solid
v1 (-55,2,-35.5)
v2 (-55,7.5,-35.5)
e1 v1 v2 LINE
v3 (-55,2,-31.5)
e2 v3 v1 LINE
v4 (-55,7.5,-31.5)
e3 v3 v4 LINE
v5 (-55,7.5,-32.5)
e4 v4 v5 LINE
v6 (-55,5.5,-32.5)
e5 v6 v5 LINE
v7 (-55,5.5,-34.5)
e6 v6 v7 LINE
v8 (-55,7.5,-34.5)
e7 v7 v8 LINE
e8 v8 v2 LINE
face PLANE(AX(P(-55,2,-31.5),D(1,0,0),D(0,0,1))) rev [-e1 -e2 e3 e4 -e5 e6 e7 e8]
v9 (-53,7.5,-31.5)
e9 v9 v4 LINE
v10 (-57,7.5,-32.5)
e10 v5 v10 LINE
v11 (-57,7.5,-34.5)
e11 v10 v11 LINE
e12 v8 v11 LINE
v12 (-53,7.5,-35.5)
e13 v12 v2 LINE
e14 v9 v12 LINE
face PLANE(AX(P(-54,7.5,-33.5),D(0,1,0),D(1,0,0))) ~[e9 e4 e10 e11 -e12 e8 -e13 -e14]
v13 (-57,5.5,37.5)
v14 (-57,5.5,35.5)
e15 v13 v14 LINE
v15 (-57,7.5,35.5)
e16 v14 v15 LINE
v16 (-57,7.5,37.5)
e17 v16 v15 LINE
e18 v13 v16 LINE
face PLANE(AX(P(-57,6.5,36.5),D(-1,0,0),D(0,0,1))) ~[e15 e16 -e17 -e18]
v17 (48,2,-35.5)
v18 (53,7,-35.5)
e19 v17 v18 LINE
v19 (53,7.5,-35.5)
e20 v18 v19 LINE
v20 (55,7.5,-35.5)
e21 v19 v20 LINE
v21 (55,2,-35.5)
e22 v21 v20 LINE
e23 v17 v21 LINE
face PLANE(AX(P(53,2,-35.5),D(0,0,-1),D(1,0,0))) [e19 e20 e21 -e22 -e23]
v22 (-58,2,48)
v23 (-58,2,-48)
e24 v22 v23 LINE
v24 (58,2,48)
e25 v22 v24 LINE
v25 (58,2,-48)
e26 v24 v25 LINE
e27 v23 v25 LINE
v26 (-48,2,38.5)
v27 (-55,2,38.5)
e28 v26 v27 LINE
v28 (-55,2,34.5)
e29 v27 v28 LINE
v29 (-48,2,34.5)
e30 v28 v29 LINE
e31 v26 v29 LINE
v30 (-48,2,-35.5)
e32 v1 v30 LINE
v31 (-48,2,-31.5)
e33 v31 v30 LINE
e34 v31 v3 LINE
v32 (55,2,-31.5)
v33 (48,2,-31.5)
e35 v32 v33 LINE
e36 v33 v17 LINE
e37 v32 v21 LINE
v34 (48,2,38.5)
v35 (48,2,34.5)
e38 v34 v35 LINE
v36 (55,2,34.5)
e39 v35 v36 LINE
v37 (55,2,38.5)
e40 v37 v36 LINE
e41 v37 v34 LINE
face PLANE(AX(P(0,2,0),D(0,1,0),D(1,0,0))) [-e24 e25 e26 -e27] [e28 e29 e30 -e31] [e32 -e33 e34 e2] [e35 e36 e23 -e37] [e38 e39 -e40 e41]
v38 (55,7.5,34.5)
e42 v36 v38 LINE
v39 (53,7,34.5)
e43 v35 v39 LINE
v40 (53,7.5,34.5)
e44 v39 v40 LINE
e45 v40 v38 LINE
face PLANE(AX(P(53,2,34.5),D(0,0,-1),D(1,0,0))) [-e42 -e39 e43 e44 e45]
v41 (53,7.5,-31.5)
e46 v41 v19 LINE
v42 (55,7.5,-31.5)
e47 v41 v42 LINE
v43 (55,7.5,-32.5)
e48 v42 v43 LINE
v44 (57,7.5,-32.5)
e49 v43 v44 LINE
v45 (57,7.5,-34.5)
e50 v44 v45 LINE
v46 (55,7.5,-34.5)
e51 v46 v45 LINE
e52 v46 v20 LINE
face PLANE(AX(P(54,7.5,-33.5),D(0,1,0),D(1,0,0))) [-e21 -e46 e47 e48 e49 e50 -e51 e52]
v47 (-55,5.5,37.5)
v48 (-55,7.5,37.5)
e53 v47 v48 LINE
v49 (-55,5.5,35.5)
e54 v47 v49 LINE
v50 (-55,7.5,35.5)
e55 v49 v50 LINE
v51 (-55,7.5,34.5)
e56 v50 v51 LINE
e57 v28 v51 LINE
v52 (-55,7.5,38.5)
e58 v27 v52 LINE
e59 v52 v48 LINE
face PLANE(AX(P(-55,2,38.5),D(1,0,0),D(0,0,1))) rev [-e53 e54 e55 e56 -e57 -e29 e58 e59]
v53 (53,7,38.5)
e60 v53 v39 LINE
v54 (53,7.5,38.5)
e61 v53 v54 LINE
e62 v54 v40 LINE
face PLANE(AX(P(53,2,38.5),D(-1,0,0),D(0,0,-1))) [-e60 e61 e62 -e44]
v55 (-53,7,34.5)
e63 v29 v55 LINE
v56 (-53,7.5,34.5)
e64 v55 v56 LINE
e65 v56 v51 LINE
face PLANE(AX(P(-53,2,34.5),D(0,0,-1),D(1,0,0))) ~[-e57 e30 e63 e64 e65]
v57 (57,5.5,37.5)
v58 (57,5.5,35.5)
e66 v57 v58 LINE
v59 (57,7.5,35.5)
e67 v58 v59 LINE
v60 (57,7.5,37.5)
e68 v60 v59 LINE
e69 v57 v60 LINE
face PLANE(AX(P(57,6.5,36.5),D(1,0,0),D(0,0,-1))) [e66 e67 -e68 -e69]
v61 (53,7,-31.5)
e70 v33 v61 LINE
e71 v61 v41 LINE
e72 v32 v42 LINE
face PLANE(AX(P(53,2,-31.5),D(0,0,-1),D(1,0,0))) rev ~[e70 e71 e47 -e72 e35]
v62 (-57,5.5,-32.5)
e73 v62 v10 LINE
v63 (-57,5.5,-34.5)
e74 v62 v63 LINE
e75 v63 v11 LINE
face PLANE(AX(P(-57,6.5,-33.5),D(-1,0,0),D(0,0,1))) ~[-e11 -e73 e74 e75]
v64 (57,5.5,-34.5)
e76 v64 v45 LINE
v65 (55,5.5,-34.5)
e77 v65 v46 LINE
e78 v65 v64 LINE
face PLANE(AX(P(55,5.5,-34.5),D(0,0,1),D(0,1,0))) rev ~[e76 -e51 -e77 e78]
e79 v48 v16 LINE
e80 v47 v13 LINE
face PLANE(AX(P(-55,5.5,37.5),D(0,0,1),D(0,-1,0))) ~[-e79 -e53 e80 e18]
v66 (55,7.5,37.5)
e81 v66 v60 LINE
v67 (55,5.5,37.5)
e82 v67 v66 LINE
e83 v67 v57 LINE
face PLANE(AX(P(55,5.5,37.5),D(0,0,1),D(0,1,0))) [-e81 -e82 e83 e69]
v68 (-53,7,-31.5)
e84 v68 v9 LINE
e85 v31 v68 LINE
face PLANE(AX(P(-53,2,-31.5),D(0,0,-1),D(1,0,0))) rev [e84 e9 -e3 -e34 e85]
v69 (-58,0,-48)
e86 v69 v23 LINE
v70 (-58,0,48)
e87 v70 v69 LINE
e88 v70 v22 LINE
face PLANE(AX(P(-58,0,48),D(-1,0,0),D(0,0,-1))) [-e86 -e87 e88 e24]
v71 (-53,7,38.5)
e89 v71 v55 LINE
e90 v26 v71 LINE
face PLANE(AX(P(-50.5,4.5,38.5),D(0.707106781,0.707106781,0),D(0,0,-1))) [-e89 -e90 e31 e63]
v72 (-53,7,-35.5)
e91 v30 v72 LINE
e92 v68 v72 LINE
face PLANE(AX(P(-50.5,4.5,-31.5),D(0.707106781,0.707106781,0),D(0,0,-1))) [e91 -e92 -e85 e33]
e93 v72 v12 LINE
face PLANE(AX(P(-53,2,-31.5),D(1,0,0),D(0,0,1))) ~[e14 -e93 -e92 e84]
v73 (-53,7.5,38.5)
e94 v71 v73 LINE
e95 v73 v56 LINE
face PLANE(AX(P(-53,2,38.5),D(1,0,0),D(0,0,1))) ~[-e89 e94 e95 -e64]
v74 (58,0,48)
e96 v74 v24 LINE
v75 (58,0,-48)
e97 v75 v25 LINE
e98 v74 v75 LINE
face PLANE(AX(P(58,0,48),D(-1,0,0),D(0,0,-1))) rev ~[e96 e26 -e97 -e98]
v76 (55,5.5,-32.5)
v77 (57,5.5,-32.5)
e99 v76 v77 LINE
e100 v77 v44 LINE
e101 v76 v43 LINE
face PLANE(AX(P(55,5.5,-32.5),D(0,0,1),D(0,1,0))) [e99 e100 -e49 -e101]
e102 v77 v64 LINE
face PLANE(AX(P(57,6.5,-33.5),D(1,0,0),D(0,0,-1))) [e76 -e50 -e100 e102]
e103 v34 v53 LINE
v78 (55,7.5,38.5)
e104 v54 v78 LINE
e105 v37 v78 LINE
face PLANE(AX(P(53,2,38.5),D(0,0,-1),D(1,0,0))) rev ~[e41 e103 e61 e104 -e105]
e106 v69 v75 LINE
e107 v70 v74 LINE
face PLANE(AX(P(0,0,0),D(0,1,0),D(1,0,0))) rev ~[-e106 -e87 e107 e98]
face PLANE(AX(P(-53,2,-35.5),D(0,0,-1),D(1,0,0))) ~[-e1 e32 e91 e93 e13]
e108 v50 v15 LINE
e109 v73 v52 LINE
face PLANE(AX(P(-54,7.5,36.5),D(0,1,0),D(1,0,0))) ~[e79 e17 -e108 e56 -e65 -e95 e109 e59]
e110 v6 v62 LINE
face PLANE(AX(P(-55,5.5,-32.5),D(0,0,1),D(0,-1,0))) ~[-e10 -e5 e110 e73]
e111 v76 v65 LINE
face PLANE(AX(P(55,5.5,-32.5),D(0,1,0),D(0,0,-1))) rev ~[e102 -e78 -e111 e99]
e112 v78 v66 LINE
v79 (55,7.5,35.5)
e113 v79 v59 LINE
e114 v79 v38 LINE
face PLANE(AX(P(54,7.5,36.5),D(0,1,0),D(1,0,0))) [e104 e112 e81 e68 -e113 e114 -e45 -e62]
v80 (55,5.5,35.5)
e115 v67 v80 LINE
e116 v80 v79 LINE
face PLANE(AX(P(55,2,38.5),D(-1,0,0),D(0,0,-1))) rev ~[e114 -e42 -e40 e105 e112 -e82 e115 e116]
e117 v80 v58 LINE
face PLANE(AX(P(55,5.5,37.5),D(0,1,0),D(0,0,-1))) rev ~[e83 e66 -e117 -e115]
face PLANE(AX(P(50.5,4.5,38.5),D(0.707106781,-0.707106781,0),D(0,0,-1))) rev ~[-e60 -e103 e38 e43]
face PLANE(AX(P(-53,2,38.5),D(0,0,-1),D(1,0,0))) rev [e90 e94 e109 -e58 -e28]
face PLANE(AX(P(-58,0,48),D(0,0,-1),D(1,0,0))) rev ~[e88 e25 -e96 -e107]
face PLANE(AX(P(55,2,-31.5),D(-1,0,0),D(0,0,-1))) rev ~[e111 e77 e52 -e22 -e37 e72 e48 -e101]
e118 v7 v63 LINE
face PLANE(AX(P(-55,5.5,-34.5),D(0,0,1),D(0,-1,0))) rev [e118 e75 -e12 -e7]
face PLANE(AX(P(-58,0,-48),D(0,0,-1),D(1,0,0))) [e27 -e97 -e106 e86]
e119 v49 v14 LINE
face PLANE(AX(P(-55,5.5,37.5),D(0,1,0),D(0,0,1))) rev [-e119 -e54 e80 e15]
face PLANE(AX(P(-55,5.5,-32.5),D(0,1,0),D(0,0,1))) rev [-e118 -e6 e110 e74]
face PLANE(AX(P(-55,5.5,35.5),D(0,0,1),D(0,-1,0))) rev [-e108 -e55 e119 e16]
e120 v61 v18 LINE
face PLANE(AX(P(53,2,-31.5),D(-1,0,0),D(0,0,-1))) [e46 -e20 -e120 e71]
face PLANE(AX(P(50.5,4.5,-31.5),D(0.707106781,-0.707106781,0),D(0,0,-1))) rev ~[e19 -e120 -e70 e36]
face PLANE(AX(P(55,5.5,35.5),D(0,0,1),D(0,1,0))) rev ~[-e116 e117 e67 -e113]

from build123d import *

# Parameters (mm, degrees)
SKETCH1_W           = 116
SKETCH1_H           = 96
BOSS_EXTRUDE1_DEPTH = 2
SKETCH2_W           = 2
SKETCH2_H           = 4
BOSS_EXTRUDE2_DEPTH = 5.5
SKETCH3_W           = 2
SKETCH3_H           = 2
BOSS_EXTRUDE3_DEPTH = 2
CHAMFER2_SIZE       = 5


with BuildPart() as part:
    # Sketch1 → Boss-Extrude1 (new body)
    with BuildSketch(Plane(origin=(0, 0, 0), x_dir=(1, 0, 0), z_dir=(0, 1, 0))):
        Rectangle(SKETCH1_W, SKETCH1_H)
    extrude(amount=BOSS_EXTRUDE1_DEPTH)

    # Sketch2 → Boss-Extrude2 (add)
    with BuildSketch(Plane(origin=(0, 2, 0), x_dir=(1, 0, 0), z_dir=(0, 1, 0))):
        with Locations((54, -36.5)):
            Rectangle(SKETCH2_W, SKETCH2_H)
        with Locations((54, 33.5)):
            Rectangle(SKETCH2_W, SKETCH2_H)
    boss_extrude2 = extrude(amount=BOSS_EXTRUDE2_DEPTH)

    # Sketch3 → Boss-Extrude3 (add)
    with BuildSketch(Plane(origin=(55, 0, 0), x_dir=(0, 0, -1), z_dir=(1, 0, 0))):
        with Locations((-36.5, 6.5)):
            Rectangle(SKETCH3_W, SKETCH3_H)
        with Locations((33.5, 6.5)):
            Rectangle(SKETCH3_W, SKETCH3_H)
    boss_extrude3 = extrude(amount=BOSS_EXTRUDE3_DEPTH)

    # Mirror1: Boss-Extrude2, Boss-Extrude3 across plane
    add(boss_extrude2.mirror(Plane(origin=(0, 0, 0), x_dir=(0, 0, 1), z_dir=(1, 0, 0))))
    add(boss_extrude3.mirror(Plane(origin=(0, 0, 0), x_dir=(0, 0, 1), z_dir=(1, 0, 0))))

    # Chamfer2
    chamfer2_edges = [part.edges().sort_by_distance(p)[0] for p in [
        (53, 2, 36.5),
        (53, 2, -33.5),
        (-53, 2, 36.5),
        (-53, 2, -33.5),
    ]]
    chamfer(chamfer2_edges, length=CHAMFER2_SIZE)


solid = part.part
